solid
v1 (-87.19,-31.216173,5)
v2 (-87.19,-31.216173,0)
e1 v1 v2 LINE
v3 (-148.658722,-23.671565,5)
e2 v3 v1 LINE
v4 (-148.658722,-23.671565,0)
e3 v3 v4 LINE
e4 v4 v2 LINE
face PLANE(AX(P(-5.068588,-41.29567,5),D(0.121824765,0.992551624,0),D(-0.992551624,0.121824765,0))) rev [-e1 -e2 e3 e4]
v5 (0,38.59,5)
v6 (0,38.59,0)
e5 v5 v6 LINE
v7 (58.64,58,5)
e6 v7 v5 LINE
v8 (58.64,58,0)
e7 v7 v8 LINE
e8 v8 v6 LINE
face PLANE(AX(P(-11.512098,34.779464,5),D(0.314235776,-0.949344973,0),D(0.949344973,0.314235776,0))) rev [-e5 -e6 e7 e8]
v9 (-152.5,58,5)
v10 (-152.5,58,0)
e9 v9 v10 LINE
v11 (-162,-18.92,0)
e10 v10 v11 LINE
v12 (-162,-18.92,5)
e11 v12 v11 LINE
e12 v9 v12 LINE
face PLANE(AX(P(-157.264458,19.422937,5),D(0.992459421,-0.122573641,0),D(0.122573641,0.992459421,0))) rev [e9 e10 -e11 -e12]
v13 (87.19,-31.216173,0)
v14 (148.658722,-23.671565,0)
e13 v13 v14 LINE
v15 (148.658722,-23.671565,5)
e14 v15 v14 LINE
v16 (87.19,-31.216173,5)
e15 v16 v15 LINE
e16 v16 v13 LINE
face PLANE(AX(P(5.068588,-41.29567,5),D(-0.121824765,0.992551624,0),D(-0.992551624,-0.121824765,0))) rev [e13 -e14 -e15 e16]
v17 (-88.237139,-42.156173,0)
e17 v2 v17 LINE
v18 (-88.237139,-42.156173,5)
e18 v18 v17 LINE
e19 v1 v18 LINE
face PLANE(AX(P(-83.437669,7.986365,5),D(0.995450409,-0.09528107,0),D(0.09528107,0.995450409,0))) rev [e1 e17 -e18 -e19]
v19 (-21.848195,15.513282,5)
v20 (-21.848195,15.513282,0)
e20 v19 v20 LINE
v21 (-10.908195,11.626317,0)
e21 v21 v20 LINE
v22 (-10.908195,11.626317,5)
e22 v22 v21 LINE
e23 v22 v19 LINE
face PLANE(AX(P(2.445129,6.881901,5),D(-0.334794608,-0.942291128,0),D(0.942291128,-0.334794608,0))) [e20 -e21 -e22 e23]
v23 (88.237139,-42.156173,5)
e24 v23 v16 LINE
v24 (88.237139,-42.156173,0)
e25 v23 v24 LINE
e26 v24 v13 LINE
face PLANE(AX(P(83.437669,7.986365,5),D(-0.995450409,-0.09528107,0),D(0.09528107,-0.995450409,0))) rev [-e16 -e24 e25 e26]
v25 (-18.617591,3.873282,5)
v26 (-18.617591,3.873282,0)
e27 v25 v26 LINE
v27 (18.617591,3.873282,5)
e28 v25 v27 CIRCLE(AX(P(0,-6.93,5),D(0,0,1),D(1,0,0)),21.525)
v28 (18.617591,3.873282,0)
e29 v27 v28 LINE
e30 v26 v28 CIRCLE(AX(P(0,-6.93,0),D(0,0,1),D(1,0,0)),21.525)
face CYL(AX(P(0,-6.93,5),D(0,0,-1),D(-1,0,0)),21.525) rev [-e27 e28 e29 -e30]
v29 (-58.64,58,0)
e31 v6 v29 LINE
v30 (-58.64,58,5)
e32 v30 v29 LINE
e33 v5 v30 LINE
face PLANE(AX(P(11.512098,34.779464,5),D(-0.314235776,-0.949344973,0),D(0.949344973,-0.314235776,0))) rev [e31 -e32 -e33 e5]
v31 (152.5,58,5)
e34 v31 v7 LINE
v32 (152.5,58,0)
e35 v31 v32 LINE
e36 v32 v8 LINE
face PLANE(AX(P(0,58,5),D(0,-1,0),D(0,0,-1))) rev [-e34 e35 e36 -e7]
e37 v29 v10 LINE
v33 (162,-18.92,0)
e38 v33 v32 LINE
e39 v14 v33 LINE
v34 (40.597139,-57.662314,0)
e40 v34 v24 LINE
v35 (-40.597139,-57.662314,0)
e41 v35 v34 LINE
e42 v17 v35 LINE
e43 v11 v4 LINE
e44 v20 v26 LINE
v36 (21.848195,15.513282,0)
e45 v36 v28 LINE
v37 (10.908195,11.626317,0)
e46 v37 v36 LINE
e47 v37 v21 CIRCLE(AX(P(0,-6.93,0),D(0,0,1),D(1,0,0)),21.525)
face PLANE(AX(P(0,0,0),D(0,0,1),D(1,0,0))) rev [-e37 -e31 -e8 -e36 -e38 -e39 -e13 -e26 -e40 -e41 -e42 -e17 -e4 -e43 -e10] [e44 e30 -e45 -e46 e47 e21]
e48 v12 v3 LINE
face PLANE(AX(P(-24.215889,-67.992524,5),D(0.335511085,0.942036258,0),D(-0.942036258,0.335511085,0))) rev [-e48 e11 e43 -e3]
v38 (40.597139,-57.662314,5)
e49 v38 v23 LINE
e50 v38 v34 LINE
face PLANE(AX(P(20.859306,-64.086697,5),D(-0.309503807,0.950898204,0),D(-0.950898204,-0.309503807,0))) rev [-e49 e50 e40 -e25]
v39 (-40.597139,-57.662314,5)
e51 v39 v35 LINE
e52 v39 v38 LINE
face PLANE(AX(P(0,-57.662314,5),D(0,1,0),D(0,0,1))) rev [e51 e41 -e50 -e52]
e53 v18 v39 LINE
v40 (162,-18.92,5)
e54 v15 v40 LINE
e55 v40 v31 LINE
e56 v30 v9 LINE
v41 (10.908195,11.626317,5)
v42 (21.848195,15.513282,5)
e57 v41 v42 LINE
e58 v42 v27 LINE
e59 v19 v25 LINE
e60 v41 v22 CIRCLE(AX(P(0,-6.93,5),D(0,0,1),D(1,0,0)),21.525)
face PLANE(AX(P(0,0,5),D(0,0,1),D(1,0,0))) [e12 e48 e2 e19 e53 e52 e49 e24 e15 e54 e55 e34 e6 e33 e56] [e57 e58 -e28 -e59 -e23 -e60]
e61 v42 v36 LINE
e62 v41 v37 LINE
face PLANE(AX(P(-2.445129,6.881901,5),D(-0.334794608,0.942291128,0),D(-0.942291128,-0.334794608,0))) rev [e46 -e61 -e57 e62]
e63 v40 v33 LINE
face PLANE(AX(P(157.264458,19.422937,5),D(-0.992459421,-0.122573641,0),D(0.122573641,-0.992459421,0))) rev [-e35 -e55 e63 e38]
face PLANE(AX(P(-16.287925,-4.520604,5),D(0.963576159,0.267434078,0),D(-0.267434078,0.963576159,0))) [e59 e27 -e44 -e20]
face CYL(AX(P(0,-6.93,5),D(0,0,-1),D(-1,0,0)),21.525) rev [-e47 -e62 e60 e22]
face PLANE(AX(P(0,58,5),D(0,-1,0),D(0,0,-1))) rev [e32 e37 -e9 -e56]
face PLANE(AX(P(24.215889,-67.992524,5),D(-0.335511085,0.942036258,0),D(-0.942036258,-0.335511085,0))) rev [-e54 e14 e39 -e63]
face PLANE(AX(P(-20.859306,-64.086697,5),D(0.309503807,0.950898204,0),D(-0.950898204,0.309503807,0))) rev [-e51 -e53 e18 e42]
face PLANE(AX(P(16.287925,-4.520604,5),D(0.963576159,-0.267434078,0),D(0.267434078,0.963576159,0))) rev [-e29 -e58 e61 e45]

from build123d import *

# Parameters (mm, degrees)
EXTRUDE_2_DEPTH = 5


with BuildPart() as part:
    # Эскиз4 → Бобышка-Вытянуть2 (new body)
    with BuildSketch(Plane.XY):
        Polygon((162, -18.92), (152.5, 58), (58.64, 58), (0, 38.59), (-58.64, 58), (-152.5, 58), (-162, -18.92), (-148.658722082, -23.671565122), (-87.19, -31.21617284), (-88.237138959, -42.15617284), (-40.597138959, -57.662313559), (40.597138959, -57.662313559), (88.237138959, -42.15617284), (87.19, -31.21617284), (148.658722082, -23.671565122), align=None)
        with BuildLine():
            Line((10.908195141, 11.626317085), (21.848195141, 15.513282482))
            Line((21.848195141, 15.513282482), (18.617591482, 3.873282482))
            ThreePointArc((18.617591482, 3.873282482), (20.785443003, -1.336165522), (21.525, -6.93))
            ThreePointArc((21.525, -6.93), (-5.593834478, -27.715443003), (-18.617591482, 3.873282482))
            Line((-18.617591482, 3.873282482), (-21.848195141, 15.513282482))
            Line((-21.848195141, 15.513282482), (-10.908195141, 11.626317085))
            ThreePointArc((-10.908195141, 11.626317085), (0, 14.595), (10.908195141, 11.626317085))
        make_face(mode=Mode.SUBTRACT)
    extrude(amount=EXTRUDE_2_DEPTH)


solid = part.part
